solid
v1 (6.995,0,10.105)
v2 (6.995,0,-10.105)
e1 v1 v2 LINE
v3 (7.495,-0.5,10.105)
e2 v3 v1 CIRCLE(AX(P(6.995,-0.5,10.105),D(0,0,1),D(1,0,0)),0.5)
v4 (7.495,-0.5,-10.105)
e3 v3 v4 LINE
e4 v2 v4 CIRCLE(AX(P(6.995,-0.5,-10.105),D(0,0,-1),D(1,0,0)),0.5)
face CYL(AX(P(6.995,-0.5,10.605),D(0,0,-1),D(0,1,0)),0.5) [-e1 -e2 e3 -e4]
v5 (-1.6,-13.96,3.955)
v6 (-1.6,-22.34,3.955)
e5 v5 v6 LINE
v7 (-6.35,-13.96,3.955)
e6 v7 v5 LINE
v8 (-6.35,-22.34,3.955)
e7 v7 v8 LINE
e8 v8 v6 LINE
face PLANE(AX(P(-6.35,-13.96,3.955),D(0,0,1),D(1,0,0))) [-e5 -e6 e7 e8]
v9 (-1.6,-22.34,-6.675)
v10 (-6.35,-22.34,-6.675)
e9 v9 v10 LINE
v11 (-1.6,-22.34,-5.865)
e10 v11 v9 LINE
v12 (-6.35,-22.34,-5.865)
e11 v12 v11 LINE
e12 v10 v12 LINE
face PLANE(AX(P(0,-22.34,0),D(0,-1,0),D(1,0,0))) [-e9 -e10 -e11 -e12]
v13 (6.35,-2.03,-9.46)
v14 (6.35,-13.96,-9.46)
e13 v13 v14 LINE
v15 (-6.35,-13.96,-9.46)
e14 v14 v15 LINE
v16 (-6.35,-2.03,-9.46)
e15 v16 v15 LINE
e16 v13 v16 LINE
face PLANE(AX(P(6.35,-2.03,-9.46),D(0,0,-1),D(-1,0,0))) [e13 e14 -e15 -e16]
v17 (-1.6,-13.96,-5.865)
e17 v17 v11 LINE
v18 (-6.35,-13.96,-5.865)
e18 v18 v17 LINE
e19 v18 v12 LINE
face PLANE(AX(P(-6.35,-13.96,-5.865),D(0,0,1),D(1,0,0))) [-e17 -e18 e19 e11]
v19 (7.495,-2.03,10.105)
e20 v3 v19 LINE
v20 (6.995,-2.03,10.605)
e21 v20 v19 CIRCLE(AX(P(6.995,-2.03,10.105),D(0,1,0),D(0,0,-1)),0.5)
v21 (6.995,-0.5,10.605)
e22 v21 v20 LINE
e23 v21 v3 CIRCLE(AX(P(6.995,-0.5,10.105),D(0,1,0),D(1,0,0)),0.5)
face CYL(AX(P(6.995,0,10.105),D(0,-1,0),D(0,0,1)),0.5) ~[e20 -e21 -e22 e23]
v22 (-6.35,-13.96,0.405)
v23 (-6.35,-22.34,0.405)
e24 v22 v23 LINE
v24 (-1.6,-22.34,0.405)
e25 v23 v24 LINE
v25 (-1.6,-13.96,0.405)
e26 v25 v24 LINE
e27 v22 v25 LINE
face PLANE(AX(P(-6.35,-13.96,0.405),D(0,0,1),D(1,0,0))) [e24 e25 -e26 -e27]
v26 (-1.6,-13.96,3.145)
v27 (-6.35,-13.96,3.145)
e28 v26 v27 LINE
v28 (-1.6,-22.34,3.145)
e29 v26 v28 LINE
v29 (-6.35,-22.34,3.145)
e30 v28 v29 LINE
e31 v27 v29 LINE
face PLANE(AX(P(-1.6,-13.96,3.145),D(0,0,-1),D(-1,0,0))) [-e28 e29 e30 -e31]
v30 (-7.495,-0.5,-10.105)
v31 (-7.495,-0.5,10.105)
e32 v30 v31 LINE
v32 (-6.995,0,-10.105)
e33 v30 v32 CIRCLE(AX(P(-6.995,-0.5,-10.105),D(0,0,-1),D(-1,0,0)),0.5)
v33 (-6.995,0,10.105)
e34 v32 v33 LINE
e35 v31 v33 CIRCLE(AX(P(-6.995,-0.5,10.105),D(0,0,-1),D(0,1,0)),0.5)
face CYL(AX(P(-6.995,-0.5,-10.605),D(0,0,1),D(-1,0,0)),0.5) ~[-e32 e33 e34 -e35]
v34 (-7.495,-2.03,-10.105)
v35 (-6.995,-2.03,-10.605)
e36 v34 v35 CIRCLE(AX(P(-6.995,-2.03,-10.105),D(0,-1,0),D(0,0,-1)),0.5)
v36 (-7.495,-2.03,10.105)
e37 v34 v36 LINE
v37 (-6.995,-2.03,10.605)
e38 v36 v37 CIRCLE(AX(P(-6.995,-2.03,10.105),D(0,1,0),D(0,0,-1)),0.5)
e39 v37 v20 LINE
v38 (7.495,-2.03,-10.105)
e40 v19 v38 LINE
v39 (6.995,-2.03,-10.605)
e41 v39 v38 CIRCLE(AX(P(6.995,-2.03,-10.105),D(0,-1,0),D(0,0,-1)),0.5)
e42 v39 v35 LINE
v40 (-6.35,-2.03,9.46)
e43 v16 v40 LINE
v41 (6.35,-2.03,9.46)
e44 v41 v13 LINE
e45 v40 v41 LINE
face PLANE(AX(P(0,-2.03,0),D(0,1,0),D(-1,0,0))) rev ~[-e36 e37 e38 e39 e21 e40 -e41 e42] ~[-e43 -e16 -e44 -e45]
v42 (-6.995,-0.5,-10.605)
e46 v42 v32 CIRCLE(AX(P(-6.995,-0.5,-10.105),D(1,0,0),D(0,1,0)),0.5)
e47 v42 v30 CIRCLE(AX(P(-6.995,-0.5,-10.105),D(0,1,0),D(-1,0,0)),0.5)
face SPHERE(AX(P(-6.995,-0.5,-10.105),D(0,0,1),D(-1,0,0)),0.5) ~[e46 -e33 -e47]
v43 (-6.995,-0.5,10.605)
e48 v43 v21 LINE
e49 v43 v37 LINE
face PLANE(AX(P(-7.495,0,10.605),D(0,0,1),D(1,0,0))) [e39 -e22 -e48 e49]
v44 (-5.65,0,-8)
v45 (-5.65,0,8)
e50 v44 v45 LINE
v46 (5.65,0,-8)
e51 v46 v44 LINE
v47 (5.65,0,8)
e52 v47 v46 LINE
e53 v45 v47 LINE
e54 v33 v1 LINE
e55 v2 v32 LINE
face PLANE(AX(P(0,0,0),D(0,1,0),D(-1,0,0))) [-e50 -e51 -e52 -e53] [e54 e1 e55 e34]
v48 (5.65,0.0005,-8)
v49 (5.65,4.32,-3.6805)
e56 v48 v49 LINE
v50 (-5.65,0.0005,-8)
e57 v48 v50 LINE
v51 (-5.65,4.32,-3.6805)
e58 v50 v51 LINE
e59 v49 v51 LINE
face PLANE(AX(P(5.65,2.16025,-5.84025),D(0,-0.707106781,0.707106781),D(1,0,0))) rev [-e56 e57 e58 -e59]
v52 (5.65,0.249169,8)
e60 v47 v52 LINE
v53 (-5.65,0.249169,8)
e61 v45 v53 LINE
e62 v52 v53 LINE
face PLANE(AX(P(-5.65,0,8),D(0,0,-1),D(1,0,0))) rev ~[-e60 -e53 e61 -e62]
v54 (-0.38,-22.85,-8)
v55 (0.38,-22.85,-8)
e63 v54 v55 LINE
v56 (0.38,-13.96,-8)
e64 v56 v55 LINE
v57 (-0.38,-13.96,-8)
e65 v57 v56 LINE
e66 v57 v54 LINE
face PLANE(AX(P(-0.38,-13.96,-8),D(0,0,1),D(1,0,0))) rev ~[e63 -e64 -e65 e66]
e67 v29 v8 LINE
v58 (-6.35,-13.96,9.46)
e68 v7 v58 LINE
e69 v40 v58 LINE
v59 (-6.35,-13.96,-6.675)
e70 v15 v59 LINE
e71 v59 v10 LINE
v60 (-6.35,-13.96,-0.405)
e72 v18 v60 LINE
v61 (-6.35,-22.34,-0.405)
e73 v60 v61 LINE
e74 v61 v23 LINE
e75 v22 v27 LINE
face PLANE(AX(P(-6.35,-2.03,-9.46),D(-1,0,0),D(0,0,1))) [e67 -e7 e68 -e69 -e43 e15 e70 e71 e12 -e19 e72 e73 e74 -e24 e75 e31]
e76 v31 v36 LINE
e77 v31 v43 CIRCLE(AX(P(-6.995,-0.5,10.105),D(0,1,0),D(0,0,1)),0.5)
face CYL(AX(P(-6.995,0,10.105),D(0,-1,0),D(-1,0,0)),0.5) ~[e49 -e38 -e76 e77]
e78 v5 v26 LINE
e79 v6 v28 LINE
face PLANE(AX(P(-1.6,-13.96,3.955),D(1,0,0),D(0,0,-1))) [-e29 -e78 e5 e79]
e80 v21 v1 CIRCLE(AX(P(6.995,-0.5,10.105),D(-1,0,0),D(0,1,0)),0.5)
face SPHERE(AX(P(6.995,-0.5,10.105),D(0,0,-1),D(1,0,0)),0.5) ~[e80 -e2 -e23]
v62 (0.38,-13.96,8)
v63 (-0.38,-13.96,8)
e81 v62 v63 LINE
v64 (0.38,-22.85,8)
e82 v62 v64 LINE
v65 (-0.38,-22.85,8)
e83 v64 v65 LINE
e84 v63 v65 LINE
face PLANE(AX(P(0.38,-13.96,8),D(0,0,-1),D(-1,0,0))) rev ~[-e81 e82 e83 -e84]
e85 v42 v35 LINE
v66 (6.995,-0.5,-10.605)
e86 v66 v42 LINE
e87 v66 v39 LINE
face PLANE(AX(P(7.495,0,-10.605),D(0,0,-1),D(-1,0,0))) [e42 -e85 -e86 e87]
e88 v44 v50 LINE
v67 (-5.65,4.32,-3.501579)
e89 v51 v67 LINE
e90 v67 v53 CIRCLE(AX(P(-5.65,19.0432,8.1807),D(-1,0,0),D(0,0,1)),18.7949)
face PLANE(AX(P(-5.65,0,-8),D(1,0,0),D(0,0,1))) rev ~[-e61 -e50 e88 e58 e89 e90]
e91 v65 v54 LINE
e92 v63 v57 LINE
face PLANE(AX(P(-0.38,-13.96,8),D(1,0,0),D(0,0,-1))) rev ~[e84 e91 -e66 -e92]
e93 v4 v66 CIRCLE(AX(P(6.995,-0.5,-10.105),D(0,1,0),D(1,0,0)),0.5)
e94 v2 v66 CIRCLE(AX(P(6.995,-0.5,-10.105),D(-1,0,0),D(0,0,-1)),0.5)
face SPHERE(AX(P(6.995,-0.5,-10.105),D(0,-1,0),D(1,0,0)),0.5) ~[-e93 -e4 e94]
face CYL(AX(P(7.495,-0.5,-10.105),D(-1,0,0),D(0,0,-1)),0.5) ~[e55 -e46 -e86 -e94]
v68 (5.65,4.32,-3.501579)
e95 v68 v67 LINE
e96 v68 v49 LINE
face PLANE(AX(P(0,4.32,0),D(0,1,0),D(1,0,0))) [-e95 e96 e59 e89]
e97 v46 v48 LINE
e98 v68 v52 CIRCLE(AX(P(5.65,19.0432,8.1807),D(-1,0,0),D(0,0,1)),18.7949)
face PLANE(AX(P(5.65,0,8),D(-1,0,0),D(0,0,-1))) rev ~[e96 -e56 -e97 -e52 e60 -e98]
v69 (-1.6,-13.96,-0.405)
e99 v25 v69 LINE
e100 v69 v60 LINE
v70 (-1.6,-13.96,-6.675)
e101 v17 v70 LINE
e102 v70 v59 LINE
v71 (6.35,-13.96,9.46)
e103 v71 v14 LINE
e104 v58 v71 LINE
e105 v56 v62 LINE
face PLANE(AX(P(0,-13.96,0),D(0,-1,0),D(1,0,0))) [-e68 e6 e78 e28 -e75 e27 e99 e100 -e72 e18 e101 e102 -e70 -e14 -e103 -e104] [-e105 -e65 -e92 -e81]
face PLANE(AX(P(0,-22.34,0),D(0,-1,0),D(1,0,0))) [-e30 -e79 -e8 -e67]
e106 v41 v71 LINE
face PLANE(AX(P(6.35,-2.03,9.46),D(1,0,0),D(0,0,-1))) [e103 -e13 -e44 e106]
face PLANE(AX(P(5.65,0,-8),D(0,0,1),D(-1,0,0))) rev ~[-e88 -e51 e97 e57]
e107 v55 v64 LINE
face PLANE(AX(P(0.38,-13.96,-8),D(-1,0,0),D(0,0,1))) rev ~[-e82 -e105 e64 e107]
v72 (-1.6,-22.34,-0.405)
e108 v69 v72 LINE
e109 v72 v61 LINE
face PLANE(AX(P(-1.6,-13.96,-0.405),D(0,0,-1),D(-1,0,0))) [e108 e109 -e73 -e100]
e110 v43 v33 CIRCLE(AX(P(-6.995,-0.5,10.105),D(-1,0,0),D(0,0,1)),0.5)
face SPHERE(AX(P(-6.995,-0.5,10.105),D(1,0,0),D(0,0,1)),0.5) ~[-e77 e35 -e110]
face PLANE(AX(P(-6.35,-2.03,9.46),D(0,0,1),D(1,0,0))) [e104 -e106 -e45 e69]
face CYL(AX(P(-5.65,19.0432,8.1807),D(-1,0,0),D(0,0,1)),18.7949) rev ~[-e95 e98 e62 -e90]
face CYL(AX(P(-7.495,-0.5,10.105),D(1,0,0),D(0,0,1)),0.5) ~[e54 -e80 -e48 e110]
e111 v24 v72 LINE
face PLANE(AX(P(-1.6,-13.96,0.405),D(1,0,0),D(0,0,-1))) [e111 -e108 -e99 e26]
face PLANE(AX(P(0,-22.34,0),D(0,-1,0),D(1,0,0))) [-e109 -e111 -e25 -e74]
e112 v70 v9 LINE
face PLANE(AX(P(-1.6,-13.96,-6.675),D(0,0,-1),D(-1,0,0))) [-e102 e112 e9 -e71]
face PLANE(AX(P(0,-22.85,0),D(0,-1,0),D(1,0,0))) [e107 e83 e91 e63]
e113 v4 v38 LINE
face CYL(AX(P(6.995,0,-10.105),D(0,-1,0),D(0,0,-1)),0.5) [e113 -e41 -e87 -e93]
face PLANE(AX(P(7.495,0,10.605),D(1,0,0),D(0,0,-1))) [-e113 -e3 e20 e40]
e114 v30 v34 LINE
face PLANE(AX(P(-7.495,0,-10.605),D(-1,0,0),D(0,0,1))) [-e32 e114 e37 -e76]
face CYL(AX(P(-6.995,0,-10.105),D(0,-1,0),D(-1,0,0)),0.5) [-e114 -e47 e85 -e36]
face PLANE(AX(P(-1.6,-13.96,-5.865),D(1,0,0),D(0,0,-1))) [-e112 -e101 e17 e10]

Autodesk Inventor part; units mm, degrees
ref_plane "YZ Plane" through (0, 0, 0) normal (1, 0, 0) x (0, 1, 0)
ref_plane "XZ Plane" through (0, 0, 0) normal (0, 1, 0) x (-1, 0, 0)
ref_plane "XY Plane" through (0, 0, 0) normal (0, 0, 1) x (1, 0, 0)
sketch "Sketch1" plane through (0, 0, 0) normal (0, 1, 0) x (-1, 0, 0)
  line L0 (7.495, 10.605) -> (-7.495, 10.605)
  line L1 (-7.495, 10.605) -> (-7.495, -10.605)
  line L2 (-7.495, -10.605) -> (7.495, -10.605)
  line L3 (7.495, -10.605) -> (7.495, 10.605)
  point P0 (0, 0)
  dimension "d0" = 14.99
  dimension "d1" = 7.495
  dimension "d2" = 21.21
  dimension "d3" = 10.605
extrude "Extrusion1" add sketch "Sketch1" against normal blind 2.03
sketch "Sketch2" plane through (0, -2.03, 0) normal (0, -1, 0) x (1, 0, 0)
  line L0 (-6.35, 9.46) -> (6.35, 9.46)
  line L1 (6.35, 9.46) -> (6.35, -9.46)
  line L2 (6.35, -9.46) -> (-6.35, -9.46)
  line L3 (-6.35, -9.46) -> (-6.35, 9.46)
  point P0 (0, 0)
  dimension "d6" = 12.7
  dimension "d7" = 6.35
  dimension "d8" = 18.92
  dimension "d9" = 9.46
extrude "Extrusion2" add sketch "Sketch2" along normal blind 11.93
sketch "Sketch3" plane through (0, -13.96, 0) normal (0, -1, 0) x (1, 0, 0)
  line L0 (-0.38, -8) -> (0.38, -8)
  line L1 (0.38, -8) -> (0.38, 8)
  line L2 (0.38, 8) -> (-0.38, 8)
  line L3 (-0.38, 8) -> (-0.38, -8)
  point P0 (0, 0)
  dimension "d12" = 0.76
  dimension "d13" = 0.38
  dimension "d14" = 16
  dimension "d15" = 8
extrude "Extrusion3" add sketch "Sketch3" along normal blind 8.89
fillet "Fillet1" radius 0.5 8 edges at (7.495, -1.015, -10.605) (7.495, 0, 0) (7.495, -1.015, 10.605) (0, 0, 10.605) (-7.495, -1.015, 10.605) (-7.495, 0, 0) (-7.495, -1.015, -10.605) (0, 0, -10.605)
sketch "Sketch4" plane through (0, -13.96, 0) normal (0, -1, 0) x (1, 0, 0)
  line L0 (-1.6, -6.675) -> (-6.35, -6.675)
  line L1 (-6.35, -6.675) -> (-6.35, -5.865)
  line L2 (-6.35, -5.865) -> (-1.6, -5.865)
  line L3 (-1.6, -5.865) -> (-1.6, -6.675)
  line L4 (-1.6, -0.405) -> (-6.35, -0.405)
  line L5 (-6.35, -0.405) -> (-6.35, 0.405)
  line L6 (-6.35, 0.405) -> (-1.6, 0.405)
  line L7 (-1.6, 0.405) -> (-1.6, -0.405)
  line L8 (-1.6, 3.145) -> (-6.35, 3.145)
  line L9 (-6.35, 3.145) -> (-6.35, 3.955)
  line L10 (-6.35, 3.955) -> (-1.6, 3.955)
  line L11 (-1.6, 3.955) -> (-1.6, 3.145)
  line L12 (-6.35, 9.46) -> (-6.35, -9.46) projected
  point P0 (0, 0)
  dimension "d19" = 0
  dimension "d20" = 4.75
  dimension "d21" = 4.75
  dimension "d22" = 0.81
  dimension "d23" = 0.81
  dimension "d24" = 0.81
  dimension "d25" = 5.46
  dimension "d26" = 2.74
  dimension "d28" = 0.405
extrude "Extrusion4" add sketch "Sketch4" along normal blind 8.38
sketch "Sketch5" plane through (0, 0, 0) normal (0, 1, 0) x (1, 0, 0)
  line L0 (5.65, 8) -> (-5.65, 8)
  line L1 (-5.65, 8) -> (-5.65, -8)
  line L2 (-5.65, -8) -> (5.65, -8)
  line L3 (5.65, -8) -> (5.65, 8)
  point P0 (0, 0)
  dimension "d31" = 16
  dimension "d32" = 8
  dimension "d33" = 11.3
  dimension "d34" = 5.65
extrude "Extrusion5" add sketch "Sketch5" along normal blind 4.32
sketch "Sketch7" plane through (-5.65, 0, 8) normal (-1, 0, 0) x (0, 0, 1)
  circle A0 centre (0.1807, 19.0432) radius 18.7949
  point P0 (-8, 0)
extrude "Extrusion7" cut sketch "Sketch7" along normal through all both and the other way through all
chamfer "Chamfer1" distance 4.32 angle 45 1 edges at (0, 4.32, -8) measured on face at (1.8833, 2.88, -8)
properties part number "GRSV-4011-0137_RockerSwitch"
